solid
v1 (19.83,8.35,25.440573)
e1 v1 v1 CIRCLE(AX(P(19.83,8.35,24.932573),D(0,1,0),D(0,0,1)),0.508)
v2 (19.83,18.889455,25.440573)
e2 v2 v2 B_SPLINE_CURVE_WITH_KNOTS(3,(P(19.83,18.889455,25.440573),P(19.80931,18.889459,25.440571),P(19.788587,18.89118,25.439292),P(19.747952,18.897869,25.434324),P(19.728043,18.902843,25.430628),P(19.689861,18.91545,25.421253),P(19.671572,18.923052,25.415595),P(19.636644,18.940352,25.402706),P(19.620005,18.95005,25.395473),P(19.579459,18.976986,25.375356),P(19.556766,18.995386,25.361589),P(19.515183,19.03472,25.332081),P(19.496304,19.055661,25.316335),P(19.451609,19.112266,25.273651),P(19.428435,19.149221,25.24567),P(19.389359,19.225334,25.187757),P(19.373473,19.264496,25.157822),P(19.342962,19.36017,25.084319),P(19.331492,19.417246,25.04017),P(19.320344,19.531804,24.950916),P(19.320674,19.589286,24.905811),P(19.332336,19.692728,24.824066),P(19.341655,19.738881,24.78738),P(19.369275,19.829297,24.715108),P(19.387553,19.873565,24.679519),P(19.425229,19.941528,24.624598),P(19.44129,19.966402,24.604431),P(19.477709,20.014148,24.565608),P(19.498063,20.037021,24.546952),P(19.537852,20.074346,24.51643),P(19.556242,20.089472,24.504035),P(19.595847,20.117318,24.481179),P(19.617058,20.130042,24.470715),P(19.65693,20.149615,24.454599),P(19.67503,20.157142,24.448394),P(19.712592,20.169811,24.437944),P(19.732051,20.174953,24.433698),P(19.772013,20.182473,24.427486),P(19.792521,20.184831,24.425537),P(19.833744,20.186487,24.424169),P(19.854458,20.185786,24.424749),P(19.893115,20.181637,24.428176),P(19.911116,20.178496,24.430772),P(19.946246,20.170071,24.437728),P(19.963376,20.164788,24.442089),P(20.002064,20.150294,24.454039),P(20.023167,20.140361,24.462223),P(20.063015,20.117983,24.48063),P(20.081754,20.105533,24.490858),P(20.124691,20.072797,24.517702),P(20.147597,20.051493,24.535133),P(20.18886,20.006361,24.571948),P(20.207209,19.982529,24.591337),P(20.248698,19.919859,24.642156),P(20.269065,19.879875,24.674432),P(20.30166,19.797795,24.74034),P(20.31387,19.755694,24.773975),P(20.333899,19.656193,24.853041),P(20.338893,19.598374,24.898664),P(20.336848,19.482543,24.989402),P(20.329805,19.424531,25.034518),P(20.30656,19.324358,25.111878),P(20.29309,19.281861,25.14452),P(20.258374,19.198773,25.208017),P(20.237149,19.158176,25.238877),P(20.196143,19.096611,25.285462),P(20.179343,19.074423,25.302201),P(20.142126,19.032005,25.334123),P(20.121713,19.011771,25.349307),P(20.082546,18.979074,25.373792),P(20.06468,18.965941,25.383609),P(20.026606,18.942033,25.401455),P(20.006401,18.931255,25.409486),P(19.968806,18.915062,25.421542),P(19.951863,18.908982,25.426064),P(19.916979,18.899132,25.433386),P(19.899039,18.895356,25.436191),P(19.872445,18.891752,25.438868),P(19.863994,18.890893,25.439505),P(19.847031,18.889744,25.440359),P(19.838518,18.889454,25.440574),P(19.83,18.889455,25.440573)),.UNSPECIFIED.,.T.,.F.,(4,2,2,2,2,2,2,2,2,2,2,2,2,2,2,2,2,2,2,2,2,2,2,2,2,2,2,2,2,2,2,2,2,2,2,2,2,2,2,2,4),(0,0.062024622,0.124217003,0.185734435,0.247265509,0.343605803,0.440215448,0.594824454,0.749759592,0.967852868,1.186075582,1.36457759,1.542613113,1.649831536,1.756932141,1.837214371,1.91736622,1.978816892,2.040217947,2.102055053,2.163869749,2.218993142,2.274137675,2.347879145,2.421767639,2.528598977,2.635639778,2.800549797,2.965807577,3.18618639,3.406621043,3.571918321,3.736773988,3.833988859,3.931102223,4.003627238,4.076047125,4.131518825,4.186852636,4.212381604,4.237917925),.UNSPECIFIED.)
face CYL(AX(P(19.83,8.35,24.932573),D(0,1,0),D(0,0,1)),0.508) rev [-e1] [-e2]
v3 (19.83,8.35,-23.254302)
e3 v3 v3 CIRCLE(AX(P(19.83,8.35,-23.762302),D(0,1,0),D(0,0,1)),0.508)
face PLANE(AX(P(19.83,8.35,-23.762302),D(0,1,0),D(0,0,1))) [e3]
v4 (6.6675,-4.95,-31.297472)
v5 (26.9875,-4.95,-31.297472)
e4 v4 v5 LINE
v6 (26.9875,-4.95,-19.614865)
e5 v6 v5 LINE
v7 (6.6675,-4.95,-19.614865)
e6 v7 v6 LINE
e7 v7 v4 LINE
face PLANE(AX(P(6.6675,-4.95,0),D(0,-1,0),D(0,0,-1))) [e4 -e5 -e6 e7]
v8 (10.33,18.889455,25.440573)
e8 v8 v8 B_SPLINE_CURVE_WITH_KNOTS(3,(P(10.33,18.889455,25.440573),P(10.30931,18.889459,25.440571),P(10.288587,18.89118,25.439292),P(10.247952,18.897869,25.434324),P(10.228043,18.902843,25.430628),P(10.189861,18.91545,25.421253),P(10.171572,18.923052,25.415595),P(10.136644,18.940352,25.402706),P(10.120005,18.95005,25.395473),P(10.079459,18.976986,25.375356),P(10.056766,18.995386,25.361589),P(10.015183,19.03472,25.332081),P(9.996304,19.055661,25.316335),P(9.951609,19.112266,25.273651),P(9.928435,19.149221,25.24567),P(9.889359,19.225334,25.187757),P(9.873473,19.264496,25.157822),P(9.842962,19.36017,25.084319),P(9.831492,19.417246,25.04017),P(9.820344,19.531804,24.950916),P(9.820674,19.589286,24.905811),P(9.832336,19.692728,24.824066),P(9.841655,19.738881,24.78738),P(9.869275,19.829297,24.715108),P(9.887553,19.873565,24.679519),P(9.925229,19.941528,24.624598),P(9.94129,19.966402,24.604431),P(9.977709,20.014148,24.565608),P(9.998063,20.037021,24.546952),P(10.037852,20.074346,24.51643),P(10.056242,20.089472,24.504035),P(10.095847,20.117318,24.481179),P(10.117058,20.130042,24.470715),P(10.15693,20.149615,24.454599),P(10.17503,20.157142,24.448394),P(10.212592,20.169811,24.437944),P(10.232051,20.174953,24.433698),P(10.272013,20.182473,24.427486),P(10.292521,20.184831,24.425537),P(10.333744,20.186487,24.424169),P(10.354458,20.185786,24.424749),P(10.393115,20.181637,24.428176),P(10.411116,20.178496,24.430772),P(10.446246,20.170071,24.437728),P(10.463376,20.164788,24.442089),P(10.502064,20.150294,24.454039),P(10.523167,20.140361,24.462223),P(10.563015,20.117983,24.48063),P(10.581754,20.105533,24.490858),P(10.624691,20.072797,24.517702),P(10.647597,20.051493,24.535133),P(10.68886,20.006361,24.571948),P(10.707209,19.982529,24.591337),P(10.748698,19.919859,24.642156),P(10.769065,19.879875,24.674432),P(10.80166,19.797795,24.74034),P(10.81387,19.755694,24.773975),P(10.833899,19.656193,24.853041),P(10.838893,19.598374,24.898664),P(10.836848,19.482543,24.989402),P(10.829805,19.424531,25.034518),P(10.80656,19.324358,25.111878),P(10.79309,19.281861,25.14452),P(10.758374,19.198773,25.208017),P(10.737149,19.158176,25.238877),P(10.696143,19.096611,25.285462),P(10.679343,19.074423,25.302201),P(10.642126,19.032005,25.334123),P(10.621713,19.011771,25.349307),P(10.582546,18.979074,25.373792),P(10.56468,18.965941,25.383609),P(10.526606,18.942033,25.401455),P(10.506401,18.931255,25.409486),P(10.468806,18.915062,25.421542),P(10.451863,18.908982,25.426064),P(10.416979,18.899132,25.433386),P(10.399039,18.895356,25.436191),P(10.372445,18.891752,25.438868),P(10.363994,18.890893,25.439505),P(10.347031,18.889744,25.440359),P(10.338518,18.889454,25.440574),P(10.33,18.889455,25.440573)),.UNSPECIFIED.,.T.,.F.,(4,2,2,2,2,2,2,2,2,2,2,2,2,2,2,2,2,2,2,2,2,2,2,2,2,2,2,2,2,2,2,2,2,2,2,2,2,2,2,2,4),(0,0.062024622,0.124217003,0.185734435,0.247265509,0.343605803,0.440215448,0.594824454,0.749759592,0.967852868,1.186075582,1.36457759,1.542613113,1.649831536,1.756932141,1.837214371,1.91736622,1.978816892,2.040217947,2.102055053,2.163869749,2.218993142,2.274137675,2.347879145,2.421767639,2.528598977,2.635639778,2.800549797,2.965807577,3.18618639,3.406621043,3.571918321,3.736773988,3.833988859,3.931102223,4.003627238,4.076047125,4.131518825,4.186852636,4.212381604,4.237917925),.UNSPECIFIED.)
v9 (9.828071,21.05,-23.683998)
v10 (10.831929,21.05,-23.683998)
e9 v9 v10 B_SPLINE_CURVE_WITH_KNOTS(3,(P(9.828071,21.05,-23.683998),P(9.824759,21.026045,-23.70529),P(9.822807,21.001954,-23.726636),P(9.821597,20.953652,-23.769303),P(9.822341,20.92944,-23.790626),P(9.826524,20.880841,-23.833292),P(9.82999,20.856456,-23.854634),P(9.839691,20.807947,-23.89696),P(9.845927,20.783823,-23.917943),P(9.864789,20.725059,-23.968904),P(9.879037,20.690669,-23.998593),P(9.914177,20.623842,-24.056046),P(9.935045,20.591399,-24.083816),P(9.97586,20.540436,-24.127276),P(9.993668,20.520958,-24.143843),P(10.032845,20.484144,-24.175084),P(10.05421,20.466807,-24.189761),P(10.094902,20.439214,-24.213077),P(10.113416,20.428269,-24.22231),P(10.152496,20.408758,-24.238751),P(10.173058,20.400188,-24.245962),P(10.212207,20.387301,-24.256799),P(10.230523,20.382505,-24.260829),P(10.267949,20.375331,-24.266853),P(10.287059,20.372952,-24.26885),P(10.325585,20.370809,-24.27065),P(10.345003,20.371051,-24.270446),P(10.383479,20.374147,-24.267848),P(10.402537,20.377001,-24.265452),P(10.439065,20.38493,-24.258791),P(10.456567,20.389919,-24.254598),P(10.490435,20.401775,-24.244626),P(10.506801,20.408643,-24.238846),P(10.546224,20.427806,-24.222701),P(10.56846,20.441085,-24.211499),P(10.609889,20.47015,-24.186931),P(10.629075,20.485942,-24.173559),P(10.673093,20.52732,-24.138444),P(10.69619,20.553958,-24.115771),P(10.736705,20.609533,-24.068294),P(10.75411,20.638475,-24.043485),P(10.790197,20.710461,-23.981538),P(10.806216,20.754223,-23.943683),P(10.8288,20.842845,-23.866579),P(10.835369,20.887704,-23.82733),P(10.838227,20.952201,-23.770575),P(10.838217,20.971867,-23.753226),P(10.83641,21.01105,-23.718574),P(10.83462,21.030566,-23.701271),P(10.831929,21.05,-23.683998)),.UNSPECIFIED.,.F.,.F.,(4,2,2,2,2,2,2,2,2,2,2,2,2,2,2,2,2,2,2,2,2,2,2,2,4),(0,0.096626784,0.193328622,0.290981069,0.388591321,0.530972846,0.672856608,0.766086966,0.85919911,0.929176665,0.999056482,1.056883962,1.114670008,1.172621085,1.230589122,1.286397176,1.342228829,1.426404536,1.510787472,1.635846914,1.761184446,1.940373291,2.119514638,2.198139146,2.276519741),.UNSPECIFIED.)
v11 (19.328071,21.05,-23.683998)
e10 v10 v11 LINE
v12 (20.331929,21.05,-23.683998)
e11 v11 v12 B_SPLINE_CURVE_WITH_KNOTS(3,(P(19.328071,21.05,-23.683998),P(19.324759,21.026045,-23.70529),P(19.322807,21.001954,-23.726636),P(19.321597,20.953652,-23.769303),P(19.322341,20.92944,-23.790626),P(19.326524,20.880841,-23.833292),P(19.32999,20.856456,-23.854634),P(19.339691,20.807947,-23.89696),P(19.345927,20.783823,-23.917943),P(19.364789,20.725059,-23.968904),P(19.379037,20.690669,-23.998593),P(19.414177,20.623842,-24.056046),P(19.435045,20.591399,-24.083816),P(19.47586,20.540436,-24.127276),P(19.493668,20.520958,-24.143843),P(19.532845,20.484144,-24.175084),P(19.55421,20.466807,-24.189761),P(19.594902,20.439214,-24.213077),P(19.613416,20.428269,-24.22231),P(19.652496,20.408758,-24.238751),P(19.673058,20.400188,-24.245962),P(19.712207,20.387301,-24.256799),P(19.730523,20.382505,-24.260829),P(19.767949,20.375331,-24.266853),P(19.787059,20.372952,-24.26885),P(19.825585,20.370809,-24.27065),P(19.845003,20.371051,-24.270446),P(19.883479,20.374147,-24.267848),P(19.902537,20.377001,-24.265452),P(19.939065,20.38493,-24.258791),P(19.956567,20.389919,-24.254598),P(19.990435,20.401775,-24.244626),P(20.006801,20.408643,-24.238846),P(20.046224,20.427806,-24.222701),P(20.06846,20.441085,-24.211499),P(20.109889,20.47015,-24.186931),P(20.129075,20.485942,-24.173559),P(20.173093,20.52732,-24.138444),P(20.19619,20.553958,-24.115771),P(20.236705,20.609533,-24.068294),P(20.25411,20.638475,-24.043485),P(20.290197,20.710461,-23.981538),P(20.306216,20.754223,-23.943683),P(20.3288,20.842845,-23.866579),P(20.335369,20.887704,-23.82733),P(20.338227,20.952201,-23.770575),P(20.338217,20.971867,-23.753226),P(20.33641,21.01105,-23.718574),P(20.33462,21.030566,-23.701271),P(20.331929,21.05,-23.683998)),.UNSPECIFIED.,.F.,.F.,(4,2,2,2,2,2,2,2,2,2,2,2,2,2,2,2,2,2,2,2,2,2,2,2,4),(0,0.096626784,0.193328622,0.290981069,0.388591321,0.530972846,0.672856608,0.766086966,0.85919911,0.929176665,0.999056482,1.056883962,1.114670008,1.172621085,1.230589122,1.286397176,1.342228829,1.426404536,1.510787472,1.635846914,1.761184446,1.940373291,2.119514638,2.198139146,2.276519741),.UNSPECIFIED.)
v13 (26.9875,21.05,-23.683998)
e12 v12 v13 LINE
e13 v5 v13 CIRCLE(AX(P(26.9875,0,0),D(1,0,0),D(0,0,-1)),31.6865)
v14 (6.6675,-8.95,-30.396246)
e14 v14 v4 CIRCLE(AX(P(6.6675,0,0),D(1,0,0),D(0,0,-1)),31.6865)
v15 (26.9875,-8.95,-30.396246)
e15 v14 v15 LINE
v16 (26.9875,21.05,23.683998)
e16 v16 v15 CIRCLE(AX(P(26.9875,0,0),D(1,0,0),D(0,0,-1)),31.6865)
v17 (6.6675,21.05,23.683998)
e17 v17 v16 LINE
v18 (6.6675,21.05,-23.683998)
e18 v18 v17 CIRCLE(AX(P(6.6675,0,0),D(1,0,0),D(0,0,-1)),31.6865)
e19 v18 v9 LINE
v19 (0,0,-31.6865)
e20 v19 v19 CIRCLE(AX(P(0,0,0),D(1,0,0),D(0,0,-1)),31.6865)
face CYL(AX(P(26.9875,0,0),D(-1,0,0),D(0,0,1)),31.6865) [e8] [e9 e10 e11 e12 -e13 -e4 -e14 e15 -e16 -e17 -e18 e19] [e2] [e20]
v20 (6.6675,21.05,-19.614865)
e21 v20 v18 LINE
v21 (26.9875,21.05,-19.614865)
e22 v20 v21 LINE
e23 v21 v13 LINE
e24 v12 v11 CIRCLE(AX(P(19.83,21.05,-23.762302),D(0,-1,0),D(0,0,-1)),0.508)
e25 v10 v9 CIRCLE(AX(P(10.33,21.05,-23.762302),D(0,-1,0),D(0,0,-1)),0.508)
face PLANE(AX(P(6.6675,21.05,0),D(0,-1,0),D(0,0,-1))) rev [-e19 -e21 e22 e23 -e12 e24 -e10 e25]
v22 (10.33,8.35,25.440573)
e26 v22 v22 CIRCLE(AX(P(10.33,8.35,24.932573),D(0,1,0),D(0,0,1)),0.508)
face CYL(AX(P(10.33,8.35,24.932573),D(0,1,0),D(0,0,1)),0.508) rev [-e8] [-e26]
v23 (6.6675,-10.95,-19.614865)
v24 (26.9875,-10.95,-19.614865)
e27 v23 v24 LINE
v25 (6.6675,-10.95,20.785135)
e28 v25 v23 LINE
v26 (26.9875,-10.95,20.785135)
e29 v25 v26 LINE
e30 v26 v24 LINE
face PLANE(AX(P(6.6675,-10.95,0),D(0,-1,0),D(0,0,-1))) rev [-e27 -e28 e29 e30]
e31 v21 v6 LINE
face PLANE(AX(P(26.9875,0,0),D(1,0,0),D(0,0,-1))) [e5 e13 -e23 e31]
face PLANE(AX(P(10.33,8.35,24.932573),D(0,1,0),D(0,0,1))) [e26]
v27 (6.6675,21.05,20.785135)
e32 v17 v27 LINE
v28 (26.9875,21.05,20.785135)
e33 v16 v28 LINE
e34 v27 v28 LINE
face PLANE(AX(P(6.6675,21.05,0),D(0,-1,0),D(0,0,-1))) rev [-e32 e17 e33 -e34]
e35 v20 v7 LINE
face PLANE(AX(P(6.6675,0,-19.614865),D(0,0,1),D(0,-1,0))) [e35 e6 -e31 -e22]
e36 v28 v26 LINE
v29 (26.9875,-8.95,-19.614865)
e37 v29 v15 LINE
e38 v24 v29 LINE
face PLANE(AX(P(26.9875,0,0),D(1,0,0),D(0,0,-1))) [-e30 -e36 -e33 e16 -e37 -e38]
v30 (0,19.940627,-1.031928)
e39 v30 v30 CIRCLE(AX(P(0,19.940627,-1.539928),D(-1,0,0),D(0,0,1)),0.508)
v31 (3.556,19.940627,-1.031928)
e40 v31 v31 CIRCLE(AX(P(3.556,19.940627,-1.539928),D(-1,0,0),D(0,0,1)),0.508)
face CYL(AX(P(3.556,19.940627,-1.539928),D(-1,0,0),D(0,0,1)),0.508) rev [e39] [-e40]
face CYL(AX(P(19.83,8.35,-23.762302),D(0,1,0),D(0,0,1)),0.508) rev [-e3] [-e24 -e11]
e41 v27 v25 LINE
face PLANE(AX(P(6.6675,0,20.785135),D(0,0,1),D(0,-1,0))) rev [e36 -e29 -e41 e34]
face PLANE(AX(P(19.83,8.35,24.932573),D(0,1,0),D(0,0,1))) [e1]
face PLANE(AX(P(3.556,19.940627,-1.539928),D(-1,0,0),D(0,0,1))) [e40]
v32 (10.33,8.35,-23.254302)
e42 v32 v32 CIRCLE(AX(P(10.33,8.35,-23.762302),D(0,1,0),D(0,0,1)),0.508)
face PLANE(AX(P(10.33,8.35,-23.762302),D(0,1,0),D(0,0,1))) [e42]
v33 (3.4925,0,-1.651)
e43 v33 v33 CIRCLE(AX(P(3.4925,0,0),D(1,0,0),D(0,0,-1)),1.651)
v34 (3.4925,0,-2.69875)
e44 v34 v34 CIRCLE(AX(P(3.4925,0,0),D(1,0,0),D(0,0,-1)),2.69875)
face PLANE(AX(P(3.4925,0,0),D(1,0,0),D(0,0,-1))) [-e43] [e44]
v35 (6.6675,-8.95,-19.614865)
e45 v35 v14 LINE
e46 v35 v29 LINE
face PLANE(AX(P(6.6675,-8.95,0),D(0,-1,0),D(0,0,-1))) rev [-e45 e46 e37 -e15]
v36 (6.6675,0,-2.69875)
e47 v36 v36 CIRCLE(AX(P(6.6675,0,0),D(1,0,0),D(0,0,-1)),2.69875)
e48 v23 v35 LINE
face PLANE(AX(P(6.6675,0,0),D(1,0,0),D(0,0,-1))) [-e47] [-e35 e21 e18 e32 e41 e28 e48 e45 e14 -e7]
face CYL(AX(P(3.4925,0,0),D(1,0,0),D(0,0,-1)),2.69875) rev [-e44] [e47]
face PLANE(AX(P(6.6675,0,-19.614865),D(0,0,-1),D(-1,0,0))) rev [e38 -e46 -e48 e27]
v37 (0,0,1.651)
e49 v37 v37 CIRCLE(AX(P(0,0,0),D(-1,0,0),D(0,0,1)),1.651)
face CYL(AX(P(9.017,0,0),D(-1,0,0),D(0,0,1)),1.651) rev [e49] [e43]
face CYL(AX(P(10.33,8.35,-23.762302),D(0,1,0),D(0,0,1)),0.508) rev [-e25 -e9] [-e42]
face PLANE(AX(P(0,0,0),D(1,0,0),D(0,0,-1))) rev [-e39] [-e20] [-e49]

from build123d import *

# Parameters (mm, degrees)
SKETCH1_R           = 31.6865
BOSS_EXTRUDE1_DEPTH = 26.9875
CUT_EXTRUDE1_DEPTH  = 20.32
SKETCH5_R           = 0.508
CUT_EXTRUDE2_DEPTH  = 12.7
SKETCH6_R           = 0.508
CUT_EXTRUDE3_DEPTH  = 3.556
SKETCH7_R           = 2.69875
BOSS_EXTRUDE2_DEPTH = 3.175
SKETCH11_R          = 2.69875
CUT_EXTRUDE6_DEPTH  = 3.175
SKETCH12_R          = 1.651
CUT_EXTRUDE7_DEPTH  = 9.017


with BuildPart() as part:
    # Sketch1 → Boss-Extrude1 (new body)
    with BuildSketch(Plane(origin=(0, 0, 0), x_dir=(0, 0, -1), z_dir=(1, 0, 0))):
        Circle(SKETCH1_R)
    extrude(amount=BOSS_EXTRUDE1_DEPTH)

    # Sketch3 → Cut-Extrude1 (cut)
    with BuildSketch(Plane(origin=(26.9875, 0, 0), x_dir=(0, 0, -1), z_dir=(1, 0, 0))):
        with BuildLine():
            Line((19.614864522, -8.95), (30.396246187, -8.95))
            ThreePointArc((30.396246187, -8.95), (30.911627748, -6.964592752), (31.297472458, -4.95))
            Line((31.297472458, -4.95), (19.614864522, -4.95))
            Line((19.614864522, -4.95), (19.614864522, 21.05))
            Line((19.614864522, 21.05), (23.683998443, 21.05))
            ThreePointArc((23.683998443, 21.05), (0, 31.6865), (-23.683998443, 21.05))
            Line((-23.683998443, 21.05), (-20.785135478, 21.05))
            Line((-20.785135478, 21.05), (-20.785135478, -10.95))
            Line((-20.785135478, -10.95), (19.614864522, -10.95))
            Line((19.614864522, -10.95), (19.614864522, -8.95))
        make_face()
    extrude(amount=-CUT_EXTRUDE1_DEPTH, mode=Mode.SUBTRACT)

    # Sketch5 → Cut-Extrude2 (cut)
    with BuildSketch(Plane(origin=(0, 21.05, 0), x_dir=(1, 0, 0), z_dir=(0, 1, 0))):
        with Locations((10.33, -24.932573059)):
            Circle(SKETCH5_R)
        with Locations((19.83, -24.932573059)):
            Circle(SKETCH5_R)
        with Locations((10.33, 23.762302103)):
            Circle(SKETCH5_R)
        with Locations((19.83, 23.762302103)):
            Circle(SKETCH5_R)
    extrude(amount=-CUT_EXTRUDE2_DEPTH, mode=Mode.SUBTRACT)

    # Sketch6 → Cut-Extrude3 (cut)
    with BuildSketch(Plane.ZY):
        with Locations((-1.539927539, 19.940627452)):
            Circle(SKETCH6_R)
    extrude(amount=-CUT_EXTRUDE3_DEPTH, mode=Mode.SUBTRACT)

    # Sketch7 → Boss-Extrude2 (add)
    with BuildSketch(Plane(origin=(6.6675, 0, 0), x_dir=(0, 0, -1), z_dir=(1, 0, 0))):
        Circle(SKETCH7_R)
    extrude(amount=-BOSS_EXTRUDE2_DEPTH)

    # Sketch11 → Cut-Extrude6 (cut)
    with BuildSketch(Plane(origin=(6.6675, 0, 0), x_dir=(0, 0, -1), z_dir=(1, 0, 0))):
        Circle(SKETCH11_R)
    extrude(amount=-CUT_EXTRUDE6_DEPTH, mode=Mode.SUBTRACT)

    # Sketch12 → Cut-Extrude7 (cut)
    with BuildSketch(Plane.ZY):
        Circle(SKETCH12_R)
    extrude(amount=-CUT_EXTRUDE7_DEPTH, mode=Mode.SUBTRACT)


solid = part.part
